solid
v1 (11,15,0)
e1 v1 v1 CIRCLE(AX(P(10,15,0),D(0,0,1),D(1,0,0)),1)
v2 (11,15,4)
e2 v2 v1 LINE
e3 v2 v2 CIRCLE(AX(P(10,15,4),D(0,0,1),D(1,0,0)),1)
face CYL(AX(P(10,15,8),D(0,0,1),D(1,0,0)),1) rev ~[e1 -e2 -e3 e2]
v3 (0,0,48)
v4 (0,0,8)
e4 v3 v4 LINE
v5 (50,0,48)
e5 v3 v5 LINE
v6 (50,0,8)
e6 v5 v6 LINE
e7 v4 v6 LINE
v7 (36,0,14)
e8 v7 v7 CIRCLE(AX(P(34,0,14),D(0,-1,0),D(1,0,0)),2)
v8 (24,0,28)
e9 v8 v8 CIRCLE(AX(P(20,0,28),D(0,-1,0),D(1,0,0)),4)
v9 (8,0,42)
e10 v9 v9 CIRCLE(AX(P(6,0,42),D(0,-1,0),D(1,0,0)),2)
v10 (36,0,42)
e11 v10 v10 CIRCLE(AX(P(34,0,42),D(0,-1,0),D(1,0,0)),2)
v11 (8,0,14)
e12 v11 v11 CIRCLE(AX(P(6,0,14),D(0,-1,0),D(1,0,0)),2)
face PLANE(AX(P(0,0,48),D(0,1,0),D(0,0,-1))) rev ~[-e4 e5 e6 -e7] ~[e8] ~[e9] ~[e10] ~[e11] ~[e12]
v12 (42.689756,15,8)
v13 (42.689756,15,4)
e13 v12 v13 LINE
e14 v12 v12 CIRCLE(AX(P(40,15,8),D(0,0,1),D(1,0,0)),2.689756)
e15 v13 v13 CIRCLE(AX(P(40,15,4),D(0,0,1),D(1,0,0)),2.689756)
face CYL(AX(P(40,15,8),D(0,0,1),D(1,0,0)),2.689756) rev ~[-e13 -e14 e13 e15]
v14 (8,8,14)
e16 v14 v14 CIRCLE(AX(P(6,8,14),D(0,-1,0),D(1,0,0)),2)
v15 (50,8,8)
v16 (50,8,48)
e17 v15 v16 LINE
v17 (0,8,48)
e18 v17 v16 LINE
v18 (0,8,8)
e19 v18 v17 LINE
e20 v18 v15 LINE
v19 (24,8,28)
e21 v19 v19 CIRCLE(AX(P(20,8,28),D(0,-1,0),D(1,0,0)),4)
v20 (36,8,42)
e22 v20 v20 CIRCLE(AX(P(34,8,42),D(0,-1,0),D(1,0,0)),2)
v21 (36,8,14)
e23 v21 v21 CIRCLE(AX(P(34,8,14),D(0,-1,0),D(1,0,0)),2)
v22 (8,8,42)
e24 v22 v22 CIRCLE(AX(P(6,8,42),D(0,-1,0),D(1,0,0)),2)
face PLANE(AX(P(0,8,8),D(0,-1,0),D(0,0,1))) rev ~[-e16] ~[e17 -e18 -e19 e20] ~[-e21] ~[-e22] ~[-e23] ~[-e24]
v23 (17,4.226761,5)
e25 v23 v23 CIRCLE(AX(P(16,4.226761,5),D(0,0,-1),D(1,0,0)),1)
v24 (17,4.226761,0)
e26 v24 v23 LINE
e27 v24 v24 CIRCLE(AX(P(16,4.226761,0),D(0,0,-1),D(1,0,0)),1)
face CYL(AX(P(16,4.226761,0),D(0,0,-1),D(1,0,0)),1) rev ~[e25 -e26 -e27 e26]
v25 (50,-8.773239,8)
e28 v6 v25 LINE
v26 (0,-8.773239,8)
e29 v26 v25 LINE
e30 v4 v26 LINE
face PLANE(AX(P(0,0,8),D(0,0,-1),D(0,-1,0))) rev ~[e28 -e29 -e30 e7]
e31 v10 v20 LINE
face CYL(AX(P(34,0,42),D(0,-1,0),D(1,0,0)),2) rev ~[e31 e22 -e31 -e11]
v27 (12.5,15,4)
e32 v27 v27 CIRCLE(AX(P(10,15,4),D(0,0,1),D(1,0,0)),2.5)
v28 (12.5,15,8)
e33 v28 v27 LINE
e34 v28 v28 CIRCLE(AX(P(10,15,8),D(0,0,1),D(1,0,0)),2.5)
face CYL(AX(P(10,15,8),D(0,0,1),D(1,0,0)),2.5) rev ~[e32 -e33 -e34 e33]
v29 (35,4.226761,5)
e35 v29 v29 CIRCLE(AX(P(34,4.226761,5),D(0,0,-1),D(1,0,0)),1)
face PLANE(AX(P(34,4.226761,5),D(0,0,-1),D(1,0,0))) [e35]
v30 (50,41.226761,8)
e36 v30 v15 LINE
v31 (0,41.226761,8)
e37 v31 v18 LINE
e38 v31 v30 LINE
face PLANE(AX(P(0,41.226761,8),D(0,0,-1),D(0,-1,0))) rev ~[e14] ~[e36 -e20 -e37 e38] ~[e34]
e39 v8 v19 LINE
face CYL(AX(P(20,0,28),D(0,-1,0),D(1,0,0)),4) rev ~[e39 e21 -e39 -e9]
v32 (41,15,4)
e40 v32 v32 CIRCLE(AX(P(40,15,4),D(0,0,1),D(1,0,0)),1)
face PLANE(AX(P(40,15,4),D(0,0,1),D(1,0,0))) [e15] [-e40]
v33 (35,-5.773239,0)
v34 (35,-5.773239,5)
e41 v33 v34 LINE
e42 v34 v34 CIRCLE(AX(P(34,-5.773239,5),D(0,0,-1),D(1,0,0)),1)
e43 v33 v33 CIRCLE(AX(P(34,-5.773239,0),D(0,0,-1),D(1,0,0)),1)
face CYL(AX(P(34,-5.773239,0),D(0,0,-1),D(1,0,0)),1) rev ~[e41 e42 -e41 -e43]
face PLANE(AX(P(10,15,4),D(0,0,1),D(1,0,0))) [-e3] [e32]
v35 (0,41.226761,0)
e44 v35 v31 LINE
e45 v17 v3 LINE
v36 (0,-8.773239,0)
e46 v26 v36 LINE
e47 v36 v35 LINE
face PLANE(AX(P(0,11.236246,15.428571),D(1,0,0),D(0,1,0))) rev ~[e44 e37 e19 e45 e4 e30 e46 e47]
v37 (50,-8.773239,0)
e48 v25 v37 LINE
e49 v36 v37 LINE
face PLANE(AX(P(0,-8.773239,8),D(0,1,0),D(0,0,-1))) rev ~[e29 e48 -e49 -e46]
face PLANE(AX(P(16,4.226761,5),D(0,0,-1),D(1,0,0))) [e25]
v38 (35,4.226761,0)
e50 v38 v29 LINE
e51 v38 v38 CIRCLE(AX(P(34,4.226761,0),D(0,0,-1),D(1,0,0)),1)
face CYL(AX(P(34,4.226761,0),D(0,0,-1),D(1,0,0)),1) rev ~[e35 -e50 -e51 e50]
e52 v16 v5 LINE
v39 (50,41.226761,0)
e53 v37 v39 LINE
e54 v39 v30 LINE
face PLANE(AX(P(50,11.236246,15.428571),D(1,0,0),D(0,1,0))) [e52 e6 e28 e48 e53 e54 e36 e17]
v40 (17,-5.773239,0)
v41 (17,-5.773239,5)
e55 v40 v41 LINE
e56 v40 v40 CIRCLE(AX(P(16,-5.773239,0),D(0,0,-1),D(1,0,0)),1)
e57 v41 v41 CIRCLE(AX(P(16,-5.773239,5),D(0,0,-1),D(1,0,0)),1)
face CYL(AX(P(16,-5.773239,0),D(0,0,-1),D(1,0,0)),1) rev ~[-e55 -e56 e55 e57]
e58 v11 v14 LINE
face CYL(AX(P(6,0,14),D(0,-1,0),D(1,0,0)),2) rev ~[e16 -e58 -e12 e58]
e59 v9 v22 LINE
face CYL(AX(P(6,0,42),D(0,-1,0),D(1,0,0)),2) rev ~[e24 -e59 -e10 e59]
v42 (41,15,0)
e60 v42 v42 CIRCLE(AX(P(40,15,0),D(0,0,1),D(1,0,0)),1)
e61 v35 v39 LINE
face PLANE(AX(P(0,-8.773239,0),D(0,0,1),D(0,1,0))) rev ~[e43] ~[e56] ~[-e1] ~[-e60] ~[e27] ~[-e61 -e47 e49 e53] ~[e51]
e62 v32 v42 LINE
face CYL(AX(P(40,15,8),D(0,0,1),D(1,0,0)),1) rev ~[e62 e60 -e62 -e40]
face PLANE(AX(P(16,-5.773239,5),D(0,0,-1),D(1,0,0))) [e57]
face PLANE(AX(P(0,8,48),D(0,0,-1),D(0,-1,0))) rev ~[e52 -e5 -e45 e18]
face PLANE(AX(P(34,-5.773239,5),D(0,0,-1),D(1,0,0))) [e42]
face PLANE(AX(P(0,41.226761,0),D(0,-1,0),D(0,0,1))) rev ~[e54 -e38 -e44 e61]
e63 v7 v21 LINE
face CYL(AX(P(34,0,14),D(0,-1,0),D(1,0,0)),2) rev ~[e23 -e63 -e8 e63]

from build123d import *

# Parameters (mm, degrees)
F1_DEPTH = 50
F2_R     = 2
F2_R_2   = 4
F3_DEPTH = 8
F4_R     = 1
F5_DEPTH = 5
F6_R     = 1
F7_DEPTH = 8
F8_R     = 2.5
F8_R_2   = 1
F8_R_3   = 2.689756
F9_DEPTH = 4


with BuildPart() as f1:
    # F0 (on Right) → F1 (new body)
    with BuildSketch(Plane.YZ):
        Polygon((-8.773239, 0), (41.226761, 0), (41.226761, 8), (8, 8), (8, 48), (0, 48), (0, 8), (-8.773239, 8), align=None)
    extrude(amount=F1_DEPTH)

    # F2 (on face) → F3 (cut, through all)
    with BuildSketch(Plane.XZ):
        with Locations((6, 42)):
            Circle(F2_R)
        with Locations((6, 14)):
            Circle(F2_R)
        with Locations((20, 28)):
            Circle(F2_R_2)
        with Locations((34, 42)):
            Circle(F2_R)
        with Locations((34, 14)):
            Circle(F2_R)
    extrude(amount=-F3_DEPTH, mode=Mode.SUBTRACT)

    # F4 (on face) → F5 (cut)
    with BuildSketch(Plane(origin=(0, 0, 0), x_dir=(1, 0, 0), z_dir=(0, 0, -1))):
        with Locations((16, 5.773239)):
            Circle(F4_R)
        with Locations((34, 5.773239)):
            Circle(F4_R)
        with Locations((34, -4.226761)):
            Circle(F4_R)
        with Locations((16, -4.226761)):
            Circle(F4_R)
    extrude(amount=-F5_DEPTH, mode=Mode.SUBTRACT)

    # F6 (on face) → F7 (cut, through all)
    with BuildSketch(Plane.XY.offset(8)):
        with Locations((10, 15)):
            Circle(F6_R)
        with Locations((40, 15)):
            Circle(F6_R)
    extrude(amount=-F7_DEPTH, mode=Mode.SUBTRACT)

    # F8 (on face) → F9 (cut)
    with BuildSketch(Plane.XY.offset(8)):
        with Locations((10, 15)):
            Circle(F8_R)
        with Locations((10, 15)):
            Circle(F8_R_2, mode=Mode.SUBTRACT)
        with Locations((40, 15)):
            Circle(F8_R_3)
        with Locations((40, 15)):
            Circle(F8_R_2, mode=Mode.SUBTRACT)
    extrude(amount=-F9_DEPTH, mode=Mode.SUBTRACT)


solid = f1.part
